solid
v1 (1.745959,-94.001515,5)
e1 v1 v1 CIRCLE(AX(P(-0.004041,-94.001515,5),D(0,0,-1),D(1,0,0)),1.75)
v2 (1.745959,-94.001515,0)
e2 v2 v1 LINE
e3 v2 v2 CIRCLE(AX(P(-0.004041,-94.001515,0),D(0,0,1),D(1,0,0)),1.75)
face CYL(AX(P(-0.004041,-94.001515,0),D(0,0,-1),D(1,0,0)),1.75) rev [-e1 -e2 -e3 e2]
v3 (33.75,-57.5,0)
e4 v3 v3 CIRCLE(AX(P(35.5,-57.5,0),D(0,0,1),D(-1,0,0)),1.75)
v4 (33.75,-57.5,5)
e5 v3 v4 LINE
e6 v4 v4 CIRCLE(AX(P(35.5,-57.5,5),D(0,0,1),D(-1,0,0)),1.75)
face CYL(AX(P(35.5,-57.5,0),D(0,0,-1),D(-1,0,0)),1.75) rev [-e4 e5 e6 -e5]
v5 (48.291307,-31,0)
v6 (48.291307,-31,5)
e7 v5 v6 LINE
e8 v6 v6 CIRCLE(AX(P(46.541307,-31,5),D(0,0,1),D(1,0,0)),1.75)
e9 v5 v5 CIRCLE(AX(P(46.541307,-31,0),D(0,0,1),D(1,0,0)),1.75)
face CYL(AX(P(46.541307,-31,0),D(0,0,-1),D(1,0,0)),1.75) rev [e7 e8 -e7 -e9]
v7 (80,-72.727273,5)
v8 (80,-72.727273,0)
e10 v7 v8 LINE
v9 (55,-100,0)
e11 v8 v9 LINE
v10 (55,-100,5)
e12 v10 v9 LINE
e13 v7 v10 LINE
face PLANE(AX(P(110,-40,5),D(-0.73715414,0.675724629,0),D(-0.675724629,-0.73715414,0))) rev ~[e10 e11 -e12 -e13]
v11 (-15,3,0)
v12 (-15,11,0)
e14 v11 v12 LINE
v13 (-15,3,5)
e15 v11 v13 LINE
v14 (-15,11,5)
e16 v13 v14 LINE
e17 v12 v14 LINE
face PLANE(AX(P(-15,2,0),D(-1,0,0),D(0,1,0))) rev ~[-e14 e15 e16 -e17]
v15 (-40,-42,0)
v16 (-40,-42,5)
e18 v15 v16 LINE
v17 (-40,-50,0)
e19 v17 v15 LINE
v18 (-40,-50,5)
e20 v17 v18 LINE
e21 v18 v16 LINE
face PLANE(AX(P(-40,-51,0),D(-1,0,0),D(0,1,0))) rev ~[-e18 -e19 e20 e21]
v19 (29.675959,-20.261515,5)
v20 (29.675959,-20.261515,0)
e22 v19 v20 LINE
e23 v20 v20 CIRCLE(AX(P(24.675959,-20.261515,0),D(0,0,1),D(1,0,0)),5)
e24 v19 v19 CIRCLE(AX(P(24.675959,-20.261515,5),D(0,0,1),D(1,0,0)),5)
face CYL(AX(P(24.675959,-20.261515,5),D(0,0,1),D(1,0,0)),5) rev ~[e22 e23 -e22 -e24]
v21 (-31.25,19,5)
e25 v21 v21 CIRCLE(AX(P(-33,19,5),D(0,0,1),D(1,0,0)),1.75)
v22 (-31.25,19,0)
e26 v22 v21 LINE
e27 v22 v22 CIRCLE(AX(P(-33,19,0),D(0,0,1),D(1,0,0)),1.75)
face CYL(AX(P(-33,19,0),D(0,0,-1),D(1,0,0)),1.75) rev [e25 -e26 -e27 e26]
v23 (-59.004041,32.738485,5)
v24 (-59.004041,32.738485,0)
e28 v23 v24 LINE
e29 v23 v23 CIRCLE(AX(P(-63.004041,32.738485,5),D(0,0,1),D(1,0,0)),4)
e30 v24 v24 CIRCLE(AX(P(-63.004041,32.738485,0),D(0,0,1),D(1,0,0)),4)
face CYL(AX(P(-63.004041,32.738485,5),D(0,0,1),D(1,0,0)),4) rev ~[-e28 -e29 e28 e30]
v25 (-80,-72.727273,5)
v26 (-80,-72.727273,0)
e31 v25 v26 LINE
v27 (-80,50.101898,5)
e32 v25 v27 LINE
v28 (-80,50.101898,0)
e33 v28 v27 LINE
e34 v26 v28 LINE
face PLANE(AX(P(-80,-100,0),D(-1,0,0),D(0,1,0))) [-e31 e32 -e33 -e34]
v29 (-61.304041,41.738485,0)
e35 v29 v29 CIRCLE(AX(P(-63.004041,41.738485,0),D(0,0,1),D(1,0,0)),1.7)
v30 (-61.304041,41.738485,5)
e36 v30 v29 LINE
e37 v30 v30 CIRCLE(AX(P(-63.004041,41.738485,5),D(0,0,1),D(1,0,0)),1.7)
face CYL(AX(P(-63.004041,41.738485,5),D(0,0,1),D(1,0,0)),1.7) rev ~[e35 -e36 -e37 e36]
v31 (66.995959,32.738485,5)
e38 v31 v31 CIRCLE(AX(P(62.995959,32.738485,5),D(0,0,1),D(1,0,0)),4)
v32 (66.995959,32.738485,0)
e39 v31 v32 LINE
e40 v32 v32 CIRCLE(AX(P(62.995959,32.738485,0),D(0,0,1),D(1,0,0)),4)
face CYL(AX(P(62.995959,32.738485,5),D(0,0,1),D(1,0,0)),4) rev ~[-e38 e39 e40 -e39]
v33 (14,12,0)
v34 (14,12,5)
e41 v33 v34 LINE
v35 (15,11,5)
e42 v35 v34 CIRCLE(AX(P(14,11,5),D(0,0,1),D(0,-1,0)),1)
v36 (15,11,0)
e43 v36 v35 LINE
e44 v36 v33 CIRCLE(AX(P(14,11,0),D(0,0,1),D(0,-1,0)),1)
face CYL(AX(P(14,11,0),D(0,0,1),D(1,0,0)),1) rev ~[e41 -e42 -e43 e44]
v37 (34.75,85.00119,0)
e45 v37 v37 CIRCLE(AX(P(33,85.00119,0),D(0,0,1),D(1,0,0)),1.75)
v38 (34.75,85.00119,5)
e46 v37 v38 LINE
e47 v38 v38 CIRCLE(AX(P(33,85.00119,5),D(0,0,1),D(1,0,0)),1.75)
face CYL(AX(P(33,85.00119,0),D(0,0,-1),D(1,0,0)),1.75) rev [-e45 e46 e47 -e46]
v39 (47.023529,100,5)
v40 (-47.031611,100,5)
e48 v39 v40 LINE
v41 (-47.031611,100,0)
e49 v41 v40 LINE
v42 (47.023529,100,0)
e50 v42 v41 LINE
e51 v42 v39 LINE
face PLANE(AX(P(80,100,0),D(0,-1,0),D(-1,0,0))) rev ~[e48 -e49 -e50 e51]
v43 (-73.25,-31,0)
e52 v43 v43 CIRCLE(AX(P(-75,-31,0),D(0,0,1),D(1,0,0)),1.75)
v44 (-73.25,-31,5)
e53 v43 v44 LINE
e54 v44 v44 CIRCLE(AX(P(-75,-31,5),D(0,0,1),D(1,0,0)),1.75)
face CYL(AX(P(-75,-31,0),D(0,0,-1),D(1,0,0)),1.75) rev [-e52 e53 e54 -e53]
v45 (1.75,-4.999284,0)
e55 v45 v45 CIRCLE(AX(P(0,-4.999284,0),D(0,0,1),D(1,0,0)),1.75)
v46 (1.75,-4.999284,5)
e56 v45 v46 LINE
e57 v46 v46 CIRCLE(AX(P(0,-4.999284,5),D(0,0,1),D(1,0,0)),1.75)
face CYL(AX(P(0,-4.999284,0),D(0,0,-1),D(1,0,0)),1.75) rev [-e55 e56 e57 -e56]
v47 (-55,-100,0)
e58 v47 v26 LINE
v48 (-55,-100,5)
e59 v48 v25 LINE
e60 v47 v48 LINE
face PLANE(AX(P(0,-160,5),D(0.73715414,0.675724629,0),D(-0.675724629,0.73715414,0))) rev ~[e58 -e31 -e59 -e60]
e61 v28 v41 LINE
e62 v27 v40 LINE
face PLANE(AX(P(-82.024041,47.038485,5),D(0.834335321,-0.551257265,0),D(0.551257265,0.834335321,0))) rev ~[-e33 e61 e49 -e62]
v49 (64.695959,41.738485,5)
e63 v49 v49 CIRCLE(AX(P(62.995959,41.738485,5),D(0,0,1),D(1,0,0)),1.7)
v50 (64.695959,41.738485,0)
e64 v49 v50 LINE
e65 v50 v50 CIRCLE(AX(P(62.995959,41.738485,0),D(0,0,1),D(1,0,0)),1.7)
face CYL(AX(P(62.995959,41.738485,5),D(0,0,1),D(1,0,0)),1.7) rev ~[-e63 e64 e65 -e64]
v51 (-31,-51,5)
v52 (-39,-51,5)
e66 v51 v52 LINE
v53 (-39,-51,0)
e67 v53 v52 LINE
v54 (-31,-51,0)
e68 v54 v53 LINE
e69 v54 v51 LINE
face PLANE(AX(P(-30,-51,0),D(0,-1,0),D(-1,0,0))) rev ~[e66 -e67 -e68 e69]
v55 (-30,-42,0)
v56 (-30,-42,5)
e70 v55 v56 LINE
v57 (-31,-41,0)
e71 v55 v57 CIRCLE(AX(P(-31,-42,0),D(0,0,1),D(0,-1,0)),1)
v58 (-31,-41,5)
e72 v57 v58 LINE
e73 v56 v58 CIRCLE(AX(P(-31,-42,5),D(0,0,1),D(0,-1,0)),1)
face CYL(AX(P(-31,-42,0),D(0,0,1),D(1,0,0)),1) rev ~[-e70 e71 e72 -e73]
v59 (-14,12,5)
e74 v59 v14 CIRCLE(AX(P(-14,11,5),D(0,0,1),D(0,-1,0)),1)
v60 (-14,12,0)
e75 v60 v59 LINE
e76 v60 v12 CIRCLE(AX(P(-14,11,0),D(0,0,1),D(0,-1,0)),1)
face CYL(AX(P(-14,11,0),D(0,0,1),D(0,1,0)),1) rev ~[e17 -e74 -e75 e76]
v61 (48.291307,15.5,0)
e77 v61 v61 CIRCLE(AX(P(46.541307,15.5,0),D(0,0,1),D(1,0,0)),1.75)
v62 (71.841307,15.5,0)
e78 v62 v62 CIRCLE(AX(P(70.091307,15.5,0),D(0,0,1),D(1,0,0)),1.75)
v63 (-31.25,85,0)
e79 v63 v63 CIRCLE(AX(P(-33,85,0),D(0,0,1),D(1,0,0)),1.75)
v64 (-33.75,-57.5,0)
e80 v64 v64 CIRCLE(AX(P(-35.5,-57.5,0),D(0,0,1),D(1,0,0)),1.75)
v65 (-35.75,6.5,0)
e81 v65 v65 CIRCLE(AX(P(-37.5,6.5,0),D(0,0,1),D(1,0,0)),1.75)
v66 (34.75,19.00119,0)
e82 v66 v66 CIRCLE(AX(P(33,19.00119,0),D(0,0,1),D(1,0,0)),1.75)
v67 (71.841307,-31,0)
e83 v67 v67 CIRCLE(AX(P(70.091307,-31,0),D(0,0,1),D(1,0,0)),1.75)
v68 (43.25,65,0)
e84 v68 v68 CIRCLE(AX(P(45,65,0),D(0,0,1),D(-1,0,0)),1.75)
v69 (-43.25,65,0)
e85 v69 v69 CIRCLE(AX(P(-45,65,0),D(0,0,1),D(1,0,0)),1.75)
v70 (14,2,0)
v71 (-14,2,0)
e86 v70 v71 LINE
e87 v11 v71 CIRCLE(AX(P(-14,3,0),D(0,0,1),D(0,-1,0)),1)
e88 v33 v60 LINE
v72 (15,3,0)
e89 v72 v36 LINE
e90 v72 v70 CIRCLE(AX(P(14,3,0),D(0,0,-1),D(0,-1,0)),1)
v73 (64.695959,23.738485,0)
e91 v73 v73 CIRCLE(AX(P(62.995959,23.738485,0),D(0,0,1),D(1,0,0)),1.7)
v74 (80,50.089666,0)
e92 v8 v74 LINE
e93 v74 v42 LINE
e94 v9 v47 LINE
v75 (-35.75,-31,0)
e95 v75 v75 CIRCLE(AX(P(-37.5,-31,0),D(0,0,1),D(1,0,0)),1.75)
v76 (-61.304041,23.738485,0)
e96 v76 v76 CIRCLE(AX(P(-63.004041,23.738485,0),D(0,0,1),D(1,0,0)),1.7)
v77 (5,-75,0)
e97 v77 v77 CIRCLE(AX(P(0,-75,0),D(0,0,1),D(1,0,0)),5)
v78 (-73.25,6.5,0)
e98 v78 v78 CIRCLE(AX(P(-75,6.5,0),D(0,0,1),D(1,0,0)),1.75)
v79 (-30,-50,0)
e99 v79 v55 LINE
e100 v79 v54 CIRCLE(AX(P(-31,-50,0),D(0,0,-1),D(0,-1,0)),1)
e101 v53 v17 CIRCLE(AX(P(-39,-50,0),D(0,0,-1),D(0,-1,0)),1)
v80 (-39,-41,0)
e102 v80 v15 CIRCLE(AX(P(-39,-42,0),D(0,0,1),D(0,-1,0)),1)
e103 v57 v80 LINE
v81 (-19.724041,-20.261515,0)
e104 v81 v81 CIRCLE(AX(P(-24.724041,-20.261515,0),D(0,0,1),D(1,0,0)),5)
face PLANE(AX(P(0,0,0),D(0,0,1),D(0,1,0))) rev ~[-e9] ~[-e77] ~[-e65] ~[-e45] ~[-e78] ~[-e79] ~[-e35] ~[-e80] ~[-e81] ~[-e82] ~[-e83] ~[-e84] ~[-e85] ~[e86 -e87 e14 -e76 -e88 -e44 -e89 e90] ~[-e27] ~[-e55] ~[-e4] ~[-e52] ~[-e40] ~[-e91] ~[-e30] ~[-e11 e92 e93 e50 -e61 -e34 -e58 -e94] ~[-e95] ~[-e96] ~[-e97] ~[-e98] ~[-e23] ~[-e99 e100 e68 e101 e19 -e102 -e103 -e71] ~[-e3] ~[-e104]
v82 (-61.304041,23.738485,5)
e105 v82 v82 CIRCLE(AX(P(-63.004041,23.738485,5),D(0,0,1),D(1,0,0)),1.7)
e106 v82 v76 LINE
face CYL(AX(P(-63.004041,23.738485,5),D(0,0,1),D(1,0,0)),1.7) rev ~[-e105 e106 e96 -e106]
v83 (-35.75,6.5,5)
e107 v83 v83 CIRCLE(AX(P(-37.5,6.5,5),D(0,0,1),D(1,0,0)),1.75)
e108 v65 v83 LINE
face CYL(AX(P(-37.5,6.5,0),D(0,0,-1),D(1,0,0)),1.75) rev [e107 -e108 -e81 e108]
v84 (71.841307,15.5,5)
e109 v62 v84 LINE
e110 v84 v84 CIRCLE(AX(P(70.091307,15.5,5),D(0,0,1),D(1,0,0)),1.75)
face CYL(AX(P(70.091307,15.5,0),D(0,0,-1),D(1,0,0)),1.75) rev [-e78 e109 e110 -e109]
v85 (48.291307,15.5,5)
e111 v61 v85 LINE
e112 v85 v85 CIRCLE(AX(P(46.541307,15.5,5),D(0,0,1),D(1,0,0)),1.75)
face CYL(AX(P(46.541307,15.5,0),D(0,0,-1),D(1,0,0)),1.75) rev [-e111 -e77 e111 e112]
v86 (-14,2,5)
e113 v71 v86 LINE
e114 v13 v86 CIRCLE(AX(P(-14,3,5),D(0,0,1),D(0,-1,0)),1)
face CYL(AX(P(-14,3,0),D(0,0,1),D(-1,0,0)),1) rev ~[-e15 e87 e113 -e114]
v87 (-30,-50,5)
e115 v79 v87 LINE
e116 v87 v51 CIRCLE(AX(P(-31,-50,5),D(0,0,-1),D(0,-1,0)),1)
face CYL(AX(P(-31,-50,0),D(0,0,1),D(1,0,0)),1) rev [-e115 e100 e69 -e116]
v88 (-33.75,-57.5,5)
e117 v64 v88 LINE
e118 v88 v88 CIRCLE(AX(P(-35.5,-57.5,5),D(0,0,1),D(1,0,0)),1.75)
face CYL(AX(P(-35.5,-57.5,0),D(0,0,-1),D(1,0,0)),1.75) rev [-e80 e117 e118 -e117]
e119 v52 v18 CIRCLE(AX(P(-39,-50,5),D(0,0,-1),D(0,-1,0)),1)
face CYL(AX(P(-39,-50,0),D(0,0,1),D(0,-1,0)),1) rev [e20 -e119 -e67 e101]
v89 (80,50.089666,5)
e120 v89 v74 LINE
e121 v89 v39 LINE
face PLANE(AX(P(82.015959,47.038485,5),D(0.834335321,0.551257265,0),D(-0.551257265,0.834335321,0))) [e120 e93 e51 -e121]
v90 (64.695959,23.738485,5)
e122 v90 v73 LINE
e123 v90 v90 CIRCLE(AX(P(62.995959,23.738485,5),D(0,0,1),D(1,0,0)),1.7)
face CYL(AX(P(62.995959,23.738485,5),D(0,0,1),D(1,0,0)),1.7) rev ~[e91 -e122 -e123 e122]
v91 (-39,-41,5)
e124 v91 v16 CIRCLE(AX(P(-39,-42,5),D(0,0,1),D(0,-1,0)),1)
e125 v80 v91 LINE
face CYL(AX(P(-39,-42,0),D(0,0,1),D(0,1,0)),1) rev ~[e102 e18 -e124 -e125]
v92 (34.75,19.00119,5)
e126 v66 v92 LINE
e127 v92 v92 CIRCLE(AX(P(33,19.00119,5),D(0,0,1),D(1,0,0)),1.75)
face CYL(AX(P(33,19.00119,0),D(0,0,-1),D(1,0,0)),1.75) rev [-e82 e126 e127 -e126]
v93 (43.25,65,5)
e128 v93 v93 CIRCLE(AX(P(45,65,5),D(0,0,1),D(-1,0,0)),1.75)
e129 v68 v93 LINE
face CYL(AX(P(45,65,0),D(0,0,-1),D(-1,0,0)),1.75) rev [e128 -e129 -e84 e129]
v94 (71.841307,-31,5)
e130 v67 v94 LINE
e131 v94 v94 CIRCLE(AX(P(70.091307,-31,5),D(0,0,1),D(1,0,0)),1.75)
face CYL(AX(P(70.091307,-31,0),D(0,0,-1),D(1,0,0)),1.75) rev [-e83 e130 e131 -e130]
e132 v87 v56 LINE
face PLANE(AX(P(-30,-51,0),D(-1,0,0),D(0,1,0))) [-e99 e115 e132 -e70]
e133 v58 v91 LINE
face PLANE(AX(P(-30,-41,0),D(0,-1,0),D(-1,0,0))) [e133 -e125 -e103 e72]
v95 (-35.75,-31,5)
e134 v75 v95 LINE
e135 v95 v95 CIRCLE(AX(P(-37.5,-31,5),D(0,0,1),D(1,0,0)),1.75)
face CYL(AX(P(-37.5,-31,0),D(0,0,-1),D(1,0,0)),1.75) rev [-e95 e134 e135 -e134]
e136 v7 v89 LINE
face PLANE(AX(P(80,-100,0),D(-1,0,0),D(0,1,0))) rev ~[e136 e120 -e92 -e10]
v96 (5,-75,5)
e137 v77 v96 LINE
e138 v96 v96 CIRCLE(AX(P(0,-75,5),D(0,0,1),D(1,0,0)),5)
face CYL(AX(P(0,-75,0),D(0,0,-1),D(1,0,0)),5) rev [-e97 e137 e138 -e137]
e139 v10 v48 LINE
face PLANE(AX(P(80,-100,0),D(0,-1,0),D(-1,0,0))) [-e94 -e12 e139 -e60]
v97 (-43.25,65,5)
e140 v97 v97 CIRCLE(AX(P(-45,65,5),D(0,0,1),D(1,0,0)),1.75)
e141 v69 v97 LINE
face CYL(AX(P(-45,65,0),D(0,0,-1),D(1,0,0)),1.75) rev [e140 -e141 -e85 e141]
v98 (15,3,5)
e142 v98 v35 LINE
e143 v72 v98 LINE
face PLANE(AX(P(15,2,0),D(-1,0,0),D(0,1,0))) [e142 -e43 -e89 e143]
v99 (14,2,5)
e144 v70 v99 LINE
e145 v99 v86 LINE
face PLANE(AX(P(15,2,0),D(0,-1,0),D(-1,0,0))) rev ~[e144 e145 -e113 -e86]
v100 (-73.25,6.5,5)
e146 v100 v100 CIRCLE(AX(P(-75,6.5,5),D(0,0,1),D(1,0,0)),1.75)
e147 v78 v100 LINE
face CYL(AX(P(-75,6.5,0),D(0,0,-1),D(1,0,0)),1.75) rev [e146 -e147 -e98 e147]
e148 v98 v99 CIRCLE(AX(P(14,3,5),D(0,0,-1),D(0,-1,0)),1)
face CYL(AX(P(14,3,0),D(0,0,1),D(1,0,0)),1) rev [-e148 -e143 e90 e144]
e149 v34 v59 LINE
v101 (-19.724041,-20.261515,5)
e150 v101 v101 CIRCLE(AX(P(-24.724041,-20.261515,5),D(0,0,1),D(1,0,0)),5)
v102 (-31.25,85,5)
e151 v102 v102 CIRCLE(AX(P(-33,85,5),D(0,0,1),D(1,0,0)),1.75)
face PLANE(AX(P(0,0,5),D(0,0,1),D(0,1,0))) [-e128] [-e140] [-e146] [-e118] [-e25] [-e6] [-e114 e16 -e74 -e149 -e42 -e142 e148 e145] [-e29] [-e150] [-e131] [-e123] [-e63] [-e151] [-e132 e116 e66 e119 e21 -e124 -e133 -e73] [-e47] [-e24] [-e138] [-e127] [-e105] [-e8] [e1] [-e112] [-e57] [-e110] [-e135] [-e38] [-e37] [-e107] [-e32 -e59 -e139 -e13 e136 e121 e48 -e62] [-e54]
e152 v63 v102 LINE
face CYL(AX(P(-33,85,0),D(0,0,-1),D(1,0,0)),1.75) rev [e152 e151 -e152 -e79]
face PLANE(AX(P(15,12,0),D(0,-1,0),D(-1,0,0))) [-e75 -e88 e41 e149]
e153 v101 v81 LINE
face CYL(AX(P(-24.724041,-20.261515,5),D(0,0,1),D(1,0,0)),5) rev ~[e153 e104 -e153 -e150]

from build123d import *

# Parameters (mm, degrees)
ESQUISSE1_W                                = 200
ESQUISSE1_H                                = 160
ESQUISSE1_R                                = 5
ESQUISSE1_R_2                              = 1.75
ESQUISSE1_W_2                              = 10
ESQUISSE1_H_2                              = 10
ESQUISSE1_H_3                              = 30
BOSS_EXTRU_1_DEPTH                         = 5
CONG_2_R                                   = 1
ENL_V_MAT_EXTRU_1_DEPTH                    = 129.16005618
ESQUISSE3_R                                = 1.75
TROU_CUVE_DIRECTION_DEPTH                  = 129.16005618
ESQUISSE4_R                                = 1.7
ESQUISSE4_R_2                              = 4
ESQUISSE4_R_3                              = 5
POINTE_AVANT_TROUS_BERCEAU_ET_CABLES_DEPTH = 129.16005618


with BuildPart() as part:
    # Esquisse1 → Boss.-Extru.1 (new body)
    with BuildSketch(Plane(origin=(0, 0, 0), x_dir=(0, 1, 0), z_dir=(0, 0, 1))):
        Rectangle(ESQUISSE1_W, ESQUISSE1_H)
        with Locations(Location((-75, 0, 0), (0, 0, 270))):
            Circle(ESQUISSE1_R, mode=Mode.SUBTRACT)
        with Locations(Location((-57.5, 35.5, 0), (0, 0, 270))):
            Circle(ESQUISSE1_R_2, mode=Mode.SUBTRACT)
        with Locations(Location((-57.5, -35.5, 0), (0, 0, 90))):
            Circle(ESQUISSE1_R_2, mode=Mode.SUBTRACT)
        with Locations(Location((65, 45, 0), (0, 0, 270))):
            Circle(ESQUISSE1_R_2, mode=Mode.SUBTRACT)
        with Locations(Location((65, -45, 0), (0, 0, 90))):
            Circle(ESQUISSE1_R_2, mode=Mode.SUBTRACT)
        with Locations(Location((-31, 37.5, 0), (0, 0, 270))):
            Circle(ESQUISSE1_R_2, mode=Mode.SUBTRACT)
        with Locations(Location((-31, 75, 0), (0, 0, 270))):
            Circle(ESQUISSE1_R_2, mode=Mode.SUBTRACT)
        with Locations(Location((6.5, 75, 0), (0, 0, 270))):
            Circle(ESQUISSE1_R_2, mode=Mode.SUBTRACT)
        with Locations(Location((6.5, 37.5, 0), (0, 0, 270))):
            Circle(ESQUISSE1_R_2, mode=Mode.SUBTRACT)
        with Locations(Location((-31, -46.541307377, 0), (0, 0, 270))):
            Circle(ESQUISSE1_R_2, mode=Mode.SUBTRACT)
        with Locations(Location((-31, -70.091307377, 0), (0, 0, 270))):
            Circle(ESQUISSE1_R_2, mode=Mode.SUBTRACT)
        with Locations(Location((15.5, -46.541307377, 0), (0, 0, 270))):
            Circle(ESQUISSE1_R_2, mode=Mode.SUBTRACT)
        with Locations(Location((15.5, -70.091307377, 0), (0, 0, 270))):
            Circle(ESQUISSE1_R_2, mode=Mode.SUBTRACT)
        with Locations(Location((-4.999283545, 0, 0), (0, 0, 270))):
            Circle(ESQUISSE1_R_2, mode=Mode.SUBTRACT)
        with Locations(Location((85, 33, 0), (0, 0, 270))):
            Circle(ESQUISSE1_R_2, mode=Mode.SUBTRACT)
        with Locations(Location((85.001189598, -32.999999989, 0), (0, 0, 270))):
            Circle(ESQUISSE1_R_2, mode=Mode.SUBTRACT)
        with Locations(Location((19, 33, 0), (0, 0, 270))):
            Circle(ESQUISSE1_R_2, mode=Mode.SUBTRACT)
        with Locations(Location((19.001189598, -32.999999989, 0), (0, 0, 270))):
            Circle(ESQUISSE1_R_2, mode=Mode.SUBTRACT)
        with Locations((-46, 35)):
            Rectangle(ESQUISSE1_W_2, ESQUISSE1_H_2, mode=Mode.SUBTRACT)
        with Locations((7, 0)):
            Rectangle(ESQUISSE1_W_2, ESQUISSE1_H_3, mode=Mode.SUBTRACT)
    extrude(amount=BOSS_EXTRU_1_DEPTH)

    # Congé2
    cong_2_edges = [part.edges().sort_by_distance(p)[0] for p in [
        (-40, -51, 2.5),
        (-30, -51, 2.5),
        (-30, -41, 2.5),
        (-40, -41, 2.5),
        (-15, 2, 2.5),
        (15, 2, 2.5),
        (15, 12, 2.5),
        (-15, 12, 2.5),
    ]]
    fillet(cong_2_edges, radius=CONG_2_R)

    # Esquisse2 → Enlèv. mat.-Extru.1 (cut, through all)
    with BuildSketch(Plane.XY.offset(5)):
        Polygon((-573.580399643, 598.167108478), (-698.698151963, -488.082468479), (684.299979338, -647.380682556), (762.904681953, 702.431902078), align=None)
        Polygon((-110, 40), (0, 160), (110, 40), (110, -40), (0, -160), (-110, -40), align=None, mode=Mode.SUBTRACT)
    extrude(amount=-ENL_V_MAT_EXTRU_1_DEPTH, mode=Mode.SUBTRACT)

    # Esquisse3 → Trou cuve direction (cut, through all)
    with BuildSketch(Plane(origin=(0, 0, 0), x_dir=(0, 1, 0), z_dir=(0, 0, 1))):
        with Locations(Location((-94.001515359, 0.004041019, 0), (0, 0, 270))):
            Circle(ESQUISSE3_R)
    extrude(amount=TROU_CUVE_DIRECTION_DEPTH, mode=Mode.SUBTRACT)

    # Esquisse4 → Pointe avant, trous berceau et cables (cut, through all)
    with BuildSketch(Plane.XY.offset(5)):
        with Locations((-63.004041019, 23.738484641)):
            Circle(ESQUISSE4_R)
        with Locations((-63.004041019, 41.738484641)):
            Circle(ESQUISSE4_R)
        with Locations((62.995958981, 23.738484641)):
            Circle(ESQUISSE4_R)
        with Locations((62.995958981, 41.738484641)):
            Circle(ESQUISSE4_R)
        with Locations((-63.004041019, 32.738484641)):
            Circle(ESQUISSE4_R_2)
        with Locations((62.995958981, 32.738484641)):
            Circle(ESQUISSE4_R_2)
        with Locations((-24.724041019, -20.261515359)):
            Circle(ESQUISSE4_R_3)
        with Locations((24.675958981, -20.261515359)):
            Circle(ESQUISSE4_R_3)
        Polygon((-82.024041019, 47.038484641), (-45.024041019, 103.038484641), (-83.024041019, 103.038484641), (-83.024041019, 47.038484641), align=None)
        Polygon((82.015958981, 47.038484641), (45.015958981, 103.038484641), (83.015958981, 103.038484641), (83.015958981, 47.038484641), align=None)
    extrude(amount=-POINTE_AVANT_TROUS_BERCEAU_ET_CABLES_DEPTH, mode=Mode.SUBTRACT)


solid = part.part
